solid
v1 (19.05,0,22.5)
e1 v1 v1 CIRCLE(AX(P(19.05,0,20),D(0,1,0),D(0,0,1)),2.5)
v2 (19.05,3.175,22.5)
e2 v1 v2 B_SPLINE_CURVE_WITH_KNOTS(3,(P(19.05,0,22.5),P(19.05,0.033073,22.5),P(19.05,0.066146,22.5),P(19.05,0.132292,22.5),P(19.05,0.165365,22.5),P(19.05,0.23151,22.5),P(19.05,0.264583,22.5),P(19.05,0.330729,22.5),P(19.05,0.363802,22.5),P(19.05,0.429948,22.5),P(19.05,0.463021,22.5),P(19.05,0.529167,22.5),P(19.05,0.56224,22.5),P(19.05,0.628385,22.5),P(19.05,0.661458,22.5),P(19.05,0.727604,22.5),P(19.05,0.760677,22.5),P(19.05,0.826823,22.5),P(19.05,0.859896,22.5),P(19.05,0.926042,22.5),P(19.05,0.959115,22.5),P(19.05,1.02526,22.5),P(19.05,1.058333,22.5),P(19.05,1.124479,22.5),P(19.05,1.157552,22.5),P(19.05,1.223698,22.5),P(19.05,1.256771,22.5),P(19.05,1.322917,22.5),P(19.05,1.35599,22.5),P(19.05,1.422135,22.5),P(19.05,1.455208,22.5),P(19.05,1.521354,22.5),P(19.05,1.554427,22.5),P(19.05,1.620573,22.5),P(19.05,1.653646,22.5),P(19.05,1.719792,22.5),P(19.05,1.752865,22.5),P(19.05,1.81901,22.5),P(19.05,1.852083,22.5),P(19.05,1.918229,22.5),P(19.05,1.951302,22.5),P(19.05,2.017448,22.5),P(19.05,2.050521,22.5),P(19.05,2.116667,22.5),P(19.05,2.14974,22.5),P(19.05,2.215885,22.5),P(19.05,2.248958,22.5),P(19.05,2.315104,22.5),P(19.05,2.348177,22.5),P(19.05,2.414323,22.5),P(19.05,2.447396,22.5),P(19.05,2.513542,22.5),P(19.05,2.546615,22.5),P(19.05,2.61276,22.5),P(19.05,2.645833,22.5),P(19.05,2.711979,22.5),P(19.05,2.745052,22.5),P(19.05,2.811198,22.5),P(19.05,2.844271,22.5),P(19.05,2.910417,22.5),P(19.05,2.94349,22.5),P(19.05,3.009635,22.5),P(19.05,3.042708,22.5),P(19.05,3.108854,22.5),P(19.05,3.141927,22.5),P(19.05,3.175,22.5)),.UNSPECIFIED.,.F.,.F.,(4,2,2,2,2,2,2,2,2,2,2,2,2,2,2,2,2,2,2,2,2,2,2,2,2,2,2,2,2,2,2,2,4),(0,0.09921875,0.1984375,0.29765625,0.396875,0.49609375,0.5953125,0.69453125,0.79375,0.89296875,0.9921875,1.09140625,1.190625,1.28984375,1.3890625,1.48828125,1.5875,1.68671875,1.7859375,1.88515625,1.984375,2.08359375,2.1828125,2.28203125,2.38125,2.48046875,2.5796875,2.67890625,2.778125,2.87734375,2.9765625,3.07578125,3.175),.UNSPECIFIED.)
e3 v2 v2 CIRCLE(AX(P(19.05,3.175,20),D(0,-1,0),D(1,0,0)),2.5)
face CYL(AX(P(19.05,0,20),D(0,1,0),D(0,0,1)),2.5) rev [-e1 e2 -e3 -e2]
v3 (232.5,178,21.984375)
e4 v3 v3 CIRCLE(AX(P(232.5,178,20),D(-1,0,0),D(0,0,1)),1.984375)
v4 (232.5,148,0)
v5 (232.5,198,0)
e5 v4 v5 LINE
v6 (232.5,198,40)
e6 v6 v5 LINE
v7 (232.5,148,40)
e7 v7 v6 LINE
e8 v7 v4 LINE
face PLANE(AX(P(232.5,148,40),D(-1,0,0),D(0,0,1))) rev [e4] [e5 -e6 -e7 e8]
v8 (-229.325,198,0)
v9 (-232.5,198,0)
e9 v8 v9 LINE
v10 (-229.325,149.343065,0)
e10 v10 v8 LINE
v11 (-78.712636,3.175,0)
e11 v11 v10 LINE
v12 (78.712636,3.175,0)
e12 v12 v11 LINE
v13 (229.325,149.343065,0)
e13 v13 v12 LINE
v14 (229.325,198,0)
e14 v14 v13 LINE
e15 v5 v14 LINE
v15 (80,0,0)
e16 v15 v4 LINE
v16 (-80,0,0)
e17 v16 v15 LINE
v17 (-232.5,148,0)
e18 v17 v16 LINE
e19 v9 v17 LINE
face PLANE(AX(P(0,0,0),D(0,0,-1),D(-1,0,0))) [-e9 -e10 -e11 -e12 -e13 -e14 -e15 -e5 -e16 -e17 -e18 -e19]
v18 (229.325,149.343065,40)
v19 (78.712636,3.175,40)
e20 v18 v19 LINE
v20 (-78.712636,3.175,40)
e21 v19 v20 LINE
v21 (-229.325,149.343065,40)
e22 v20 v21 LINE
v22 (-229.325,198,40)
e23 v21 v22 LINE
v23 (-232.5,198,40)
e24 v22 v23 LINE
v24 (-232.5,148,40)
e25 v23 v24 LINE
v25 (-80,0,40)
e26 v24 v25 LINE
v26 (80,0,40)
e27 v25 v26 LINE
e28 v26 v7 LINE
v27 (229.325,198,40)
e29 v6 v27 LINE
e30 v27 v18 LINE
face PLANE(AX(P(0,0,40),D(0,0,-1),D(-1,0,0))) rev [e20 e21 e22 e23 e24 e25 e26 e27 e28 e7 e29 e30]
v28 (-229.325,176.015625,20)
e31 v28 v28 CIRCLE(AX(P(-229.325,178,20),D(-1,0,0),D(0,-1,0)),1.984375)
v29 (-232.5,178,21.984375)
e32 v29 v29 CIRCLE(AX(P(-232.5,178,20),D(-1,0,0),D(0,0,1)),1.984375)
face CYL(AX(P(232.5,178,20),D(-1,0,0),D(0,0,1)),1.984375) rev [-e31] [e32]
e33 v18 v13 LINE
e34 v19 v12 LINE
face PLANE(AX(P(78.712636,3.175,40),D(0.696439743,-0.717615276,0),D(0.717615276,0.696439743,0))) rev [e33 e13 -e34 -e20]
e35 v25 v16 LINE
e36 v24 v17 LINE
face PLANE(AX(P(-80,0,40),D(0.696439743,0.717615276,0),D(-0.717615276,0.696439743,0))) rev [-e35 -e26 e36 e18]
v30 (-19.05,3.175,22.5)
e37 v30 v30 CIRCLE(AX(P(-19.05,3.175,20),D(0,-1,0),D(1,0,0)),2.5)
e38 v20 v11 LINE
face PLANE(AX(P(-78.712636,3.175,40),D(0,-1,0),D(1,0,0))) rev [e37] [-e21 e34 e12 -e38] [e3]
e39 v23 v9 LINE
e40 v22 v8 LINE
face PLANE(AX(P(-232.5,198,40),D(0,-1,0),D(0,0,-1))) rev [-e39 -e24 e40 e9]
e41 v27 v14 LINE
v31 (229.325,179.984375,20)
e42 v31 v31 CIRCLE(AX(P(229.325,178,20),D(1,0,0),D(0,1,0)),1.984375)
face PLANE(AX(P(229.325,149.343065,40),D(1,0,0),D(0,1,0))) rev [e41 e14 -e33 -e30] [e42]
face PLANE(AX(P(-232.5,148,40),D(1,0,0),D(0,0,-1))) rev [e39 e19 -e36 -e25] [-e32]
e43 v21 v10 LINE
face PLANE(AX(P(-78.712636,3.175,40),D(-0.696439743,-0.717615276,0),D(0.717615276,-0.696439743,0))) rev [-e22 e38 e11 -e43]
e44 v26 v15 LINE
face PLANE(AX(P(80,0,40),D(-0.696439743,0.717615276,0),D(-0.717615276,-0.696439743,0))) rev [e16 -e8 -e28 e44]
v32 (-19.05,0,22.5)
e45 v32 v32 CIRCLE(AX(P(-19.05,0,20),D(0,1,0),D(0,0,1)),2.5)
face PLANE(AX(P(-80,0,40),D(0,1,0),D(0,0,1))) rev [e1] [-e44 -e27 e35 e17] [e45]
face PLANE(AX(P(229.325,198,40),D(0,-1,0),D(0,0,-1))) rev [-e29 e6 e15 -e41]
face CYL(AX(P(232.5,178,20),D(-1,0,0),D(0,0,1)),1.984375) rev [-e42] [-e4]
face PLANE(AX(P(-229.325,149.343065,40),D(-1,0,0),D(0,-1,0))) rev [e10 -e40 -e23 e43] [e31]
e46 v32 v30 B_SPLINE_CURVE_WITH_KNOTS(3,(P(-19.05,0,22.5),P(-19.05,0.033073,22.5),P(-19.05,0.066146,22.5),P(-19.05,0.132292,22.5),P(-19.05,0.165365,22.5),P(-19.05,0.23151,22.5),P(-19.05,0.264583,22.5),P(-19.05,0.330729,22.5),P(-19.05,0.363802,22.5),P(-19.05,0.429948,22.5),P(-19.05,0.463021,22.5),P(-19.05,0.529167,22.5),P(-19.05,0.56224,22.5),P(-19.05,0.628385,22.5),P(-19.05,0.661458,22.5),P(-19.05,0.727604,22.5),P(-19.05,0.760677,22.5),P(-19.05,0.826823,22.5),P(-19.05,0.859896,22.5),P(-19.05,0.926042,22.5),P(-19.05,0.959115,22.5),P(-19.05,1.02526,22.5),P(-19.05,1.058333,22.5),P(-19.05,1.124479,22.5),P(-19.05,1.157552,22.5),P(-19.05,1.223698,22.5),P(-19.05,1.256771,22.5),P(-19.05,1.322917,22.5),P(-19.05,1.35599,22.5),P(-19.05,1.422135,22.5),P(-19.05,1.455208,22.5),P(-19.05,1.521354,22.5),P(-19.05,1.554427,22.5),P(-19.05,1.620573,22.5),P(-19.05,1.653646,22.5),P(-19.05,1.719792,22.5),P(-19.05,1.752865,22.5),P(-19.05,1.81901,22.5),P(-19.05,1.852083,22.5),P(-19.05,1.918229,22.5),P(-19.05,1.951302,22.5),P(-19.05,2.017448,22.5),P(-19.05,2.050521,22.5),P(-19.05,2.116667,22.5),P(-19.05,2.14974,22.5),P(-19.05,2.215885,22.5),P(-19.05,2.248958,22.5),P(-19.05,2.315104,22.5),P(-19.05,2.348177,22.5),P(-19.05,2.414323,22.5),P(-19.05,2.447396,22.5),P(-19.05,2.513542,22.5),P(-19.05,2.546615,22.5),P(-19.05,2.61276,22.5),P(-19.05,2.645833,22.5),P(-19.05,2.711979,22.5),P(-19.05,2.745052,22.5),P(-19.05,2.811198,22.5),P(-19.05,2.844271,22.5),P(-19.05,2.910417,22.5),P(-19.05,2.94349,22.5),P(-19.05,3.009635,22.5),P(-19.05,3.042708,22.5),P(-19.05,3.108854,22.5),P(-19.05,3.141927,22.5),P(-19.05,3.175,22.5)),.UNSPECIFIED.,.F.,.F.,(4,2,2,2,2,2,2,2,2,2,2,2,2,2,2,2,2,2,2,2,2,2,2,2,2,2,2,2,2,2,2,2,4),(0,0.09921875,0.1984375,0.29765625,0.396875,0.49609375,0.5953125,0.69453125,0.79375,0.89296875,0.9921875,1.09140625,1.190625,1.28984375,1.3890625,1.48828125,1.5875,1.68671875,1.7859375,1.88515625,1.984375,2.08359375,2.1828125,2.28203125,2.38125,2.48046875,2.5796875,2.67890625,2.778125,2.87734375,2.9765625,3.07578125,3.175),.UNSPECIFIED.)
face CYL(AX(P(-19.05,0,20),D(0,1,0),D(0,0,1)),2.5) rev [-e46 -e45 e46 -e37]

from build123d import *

# Parameters (mm, degrees)
BOSS_EXTRUDE1_DEPTH     = 40
CUT_EXTRUDE1_DEPTH      = 306.96246604
CUT_EXTRUDE1_DEPTH_BACK = 306.96246604
SKETCH3_R               = 2.5
CUT_EXTRUDE2_DEPTH      = 507.98027575
CUT_EXTRUDE2_DEPTH_BACK = 507.98027575
SKETCH4_R               = 1.984375


with BuildPart() as part:
    # Sketch1 → Boss-Extrude1 (new body)
    with BuildSketch(Plane.XY):
        Polygon((-80, 0), (80, 0), (232.5, 148), (232.5, 198), (229.325, 198), (229.325, 149.343064798), (78.712635935, 3.175), (-78.712635935, 3.175), (-229.325, 149.343064798), (-229.325, 198), (-232.5, 198), (-232.5, 148), align=None)
    extrude(amount=BOSS_EXTRUDE1_DEPTH)

    # Sketch3 → Cut-Extrude1 (cut, two sides: drawn at the far end of the back side and taken through both)
    with BuildSketch(Plane(origin=(0, 3.175, 0), x_dir=(1, 0, 0), z_dir=(0, 1, 0)).offset(-CUT_EXTRUDE1_DEPTH_BACK)):
        with Locations(Location((-19.05, -20, 0), (0, 0, 270))):
            Circle(SKETCH3_R)
        with Locations(Location((19.05, -20, 0), (0, 0, 270))):
            Circle(SKETCH3_R)
    extrude(amount=CUT_EXTRUDE1_DEPTH + CUT_EXTRUDE1_DEPTH_BACK, mode=Mode.SUBTRACT)

    # Sketch4 → Cut-Extrude2 (cut, two sides: drawn at the far end of the back side and taken through both)
    with BuildSketch(Plane.ZY.offset(232.5).offset(-CUT_EXTRUDE2_DEPTH_BACK)):
        with Locations((20, 178)):
            Circle(SKETCH4_R)
    extrude(amount=CUT_EXTRUDE2_DEPTH + CUT_EXTRUDE2_DEPTH_BACK, mode=Mode.SUBTRACT)


solid = part.part
